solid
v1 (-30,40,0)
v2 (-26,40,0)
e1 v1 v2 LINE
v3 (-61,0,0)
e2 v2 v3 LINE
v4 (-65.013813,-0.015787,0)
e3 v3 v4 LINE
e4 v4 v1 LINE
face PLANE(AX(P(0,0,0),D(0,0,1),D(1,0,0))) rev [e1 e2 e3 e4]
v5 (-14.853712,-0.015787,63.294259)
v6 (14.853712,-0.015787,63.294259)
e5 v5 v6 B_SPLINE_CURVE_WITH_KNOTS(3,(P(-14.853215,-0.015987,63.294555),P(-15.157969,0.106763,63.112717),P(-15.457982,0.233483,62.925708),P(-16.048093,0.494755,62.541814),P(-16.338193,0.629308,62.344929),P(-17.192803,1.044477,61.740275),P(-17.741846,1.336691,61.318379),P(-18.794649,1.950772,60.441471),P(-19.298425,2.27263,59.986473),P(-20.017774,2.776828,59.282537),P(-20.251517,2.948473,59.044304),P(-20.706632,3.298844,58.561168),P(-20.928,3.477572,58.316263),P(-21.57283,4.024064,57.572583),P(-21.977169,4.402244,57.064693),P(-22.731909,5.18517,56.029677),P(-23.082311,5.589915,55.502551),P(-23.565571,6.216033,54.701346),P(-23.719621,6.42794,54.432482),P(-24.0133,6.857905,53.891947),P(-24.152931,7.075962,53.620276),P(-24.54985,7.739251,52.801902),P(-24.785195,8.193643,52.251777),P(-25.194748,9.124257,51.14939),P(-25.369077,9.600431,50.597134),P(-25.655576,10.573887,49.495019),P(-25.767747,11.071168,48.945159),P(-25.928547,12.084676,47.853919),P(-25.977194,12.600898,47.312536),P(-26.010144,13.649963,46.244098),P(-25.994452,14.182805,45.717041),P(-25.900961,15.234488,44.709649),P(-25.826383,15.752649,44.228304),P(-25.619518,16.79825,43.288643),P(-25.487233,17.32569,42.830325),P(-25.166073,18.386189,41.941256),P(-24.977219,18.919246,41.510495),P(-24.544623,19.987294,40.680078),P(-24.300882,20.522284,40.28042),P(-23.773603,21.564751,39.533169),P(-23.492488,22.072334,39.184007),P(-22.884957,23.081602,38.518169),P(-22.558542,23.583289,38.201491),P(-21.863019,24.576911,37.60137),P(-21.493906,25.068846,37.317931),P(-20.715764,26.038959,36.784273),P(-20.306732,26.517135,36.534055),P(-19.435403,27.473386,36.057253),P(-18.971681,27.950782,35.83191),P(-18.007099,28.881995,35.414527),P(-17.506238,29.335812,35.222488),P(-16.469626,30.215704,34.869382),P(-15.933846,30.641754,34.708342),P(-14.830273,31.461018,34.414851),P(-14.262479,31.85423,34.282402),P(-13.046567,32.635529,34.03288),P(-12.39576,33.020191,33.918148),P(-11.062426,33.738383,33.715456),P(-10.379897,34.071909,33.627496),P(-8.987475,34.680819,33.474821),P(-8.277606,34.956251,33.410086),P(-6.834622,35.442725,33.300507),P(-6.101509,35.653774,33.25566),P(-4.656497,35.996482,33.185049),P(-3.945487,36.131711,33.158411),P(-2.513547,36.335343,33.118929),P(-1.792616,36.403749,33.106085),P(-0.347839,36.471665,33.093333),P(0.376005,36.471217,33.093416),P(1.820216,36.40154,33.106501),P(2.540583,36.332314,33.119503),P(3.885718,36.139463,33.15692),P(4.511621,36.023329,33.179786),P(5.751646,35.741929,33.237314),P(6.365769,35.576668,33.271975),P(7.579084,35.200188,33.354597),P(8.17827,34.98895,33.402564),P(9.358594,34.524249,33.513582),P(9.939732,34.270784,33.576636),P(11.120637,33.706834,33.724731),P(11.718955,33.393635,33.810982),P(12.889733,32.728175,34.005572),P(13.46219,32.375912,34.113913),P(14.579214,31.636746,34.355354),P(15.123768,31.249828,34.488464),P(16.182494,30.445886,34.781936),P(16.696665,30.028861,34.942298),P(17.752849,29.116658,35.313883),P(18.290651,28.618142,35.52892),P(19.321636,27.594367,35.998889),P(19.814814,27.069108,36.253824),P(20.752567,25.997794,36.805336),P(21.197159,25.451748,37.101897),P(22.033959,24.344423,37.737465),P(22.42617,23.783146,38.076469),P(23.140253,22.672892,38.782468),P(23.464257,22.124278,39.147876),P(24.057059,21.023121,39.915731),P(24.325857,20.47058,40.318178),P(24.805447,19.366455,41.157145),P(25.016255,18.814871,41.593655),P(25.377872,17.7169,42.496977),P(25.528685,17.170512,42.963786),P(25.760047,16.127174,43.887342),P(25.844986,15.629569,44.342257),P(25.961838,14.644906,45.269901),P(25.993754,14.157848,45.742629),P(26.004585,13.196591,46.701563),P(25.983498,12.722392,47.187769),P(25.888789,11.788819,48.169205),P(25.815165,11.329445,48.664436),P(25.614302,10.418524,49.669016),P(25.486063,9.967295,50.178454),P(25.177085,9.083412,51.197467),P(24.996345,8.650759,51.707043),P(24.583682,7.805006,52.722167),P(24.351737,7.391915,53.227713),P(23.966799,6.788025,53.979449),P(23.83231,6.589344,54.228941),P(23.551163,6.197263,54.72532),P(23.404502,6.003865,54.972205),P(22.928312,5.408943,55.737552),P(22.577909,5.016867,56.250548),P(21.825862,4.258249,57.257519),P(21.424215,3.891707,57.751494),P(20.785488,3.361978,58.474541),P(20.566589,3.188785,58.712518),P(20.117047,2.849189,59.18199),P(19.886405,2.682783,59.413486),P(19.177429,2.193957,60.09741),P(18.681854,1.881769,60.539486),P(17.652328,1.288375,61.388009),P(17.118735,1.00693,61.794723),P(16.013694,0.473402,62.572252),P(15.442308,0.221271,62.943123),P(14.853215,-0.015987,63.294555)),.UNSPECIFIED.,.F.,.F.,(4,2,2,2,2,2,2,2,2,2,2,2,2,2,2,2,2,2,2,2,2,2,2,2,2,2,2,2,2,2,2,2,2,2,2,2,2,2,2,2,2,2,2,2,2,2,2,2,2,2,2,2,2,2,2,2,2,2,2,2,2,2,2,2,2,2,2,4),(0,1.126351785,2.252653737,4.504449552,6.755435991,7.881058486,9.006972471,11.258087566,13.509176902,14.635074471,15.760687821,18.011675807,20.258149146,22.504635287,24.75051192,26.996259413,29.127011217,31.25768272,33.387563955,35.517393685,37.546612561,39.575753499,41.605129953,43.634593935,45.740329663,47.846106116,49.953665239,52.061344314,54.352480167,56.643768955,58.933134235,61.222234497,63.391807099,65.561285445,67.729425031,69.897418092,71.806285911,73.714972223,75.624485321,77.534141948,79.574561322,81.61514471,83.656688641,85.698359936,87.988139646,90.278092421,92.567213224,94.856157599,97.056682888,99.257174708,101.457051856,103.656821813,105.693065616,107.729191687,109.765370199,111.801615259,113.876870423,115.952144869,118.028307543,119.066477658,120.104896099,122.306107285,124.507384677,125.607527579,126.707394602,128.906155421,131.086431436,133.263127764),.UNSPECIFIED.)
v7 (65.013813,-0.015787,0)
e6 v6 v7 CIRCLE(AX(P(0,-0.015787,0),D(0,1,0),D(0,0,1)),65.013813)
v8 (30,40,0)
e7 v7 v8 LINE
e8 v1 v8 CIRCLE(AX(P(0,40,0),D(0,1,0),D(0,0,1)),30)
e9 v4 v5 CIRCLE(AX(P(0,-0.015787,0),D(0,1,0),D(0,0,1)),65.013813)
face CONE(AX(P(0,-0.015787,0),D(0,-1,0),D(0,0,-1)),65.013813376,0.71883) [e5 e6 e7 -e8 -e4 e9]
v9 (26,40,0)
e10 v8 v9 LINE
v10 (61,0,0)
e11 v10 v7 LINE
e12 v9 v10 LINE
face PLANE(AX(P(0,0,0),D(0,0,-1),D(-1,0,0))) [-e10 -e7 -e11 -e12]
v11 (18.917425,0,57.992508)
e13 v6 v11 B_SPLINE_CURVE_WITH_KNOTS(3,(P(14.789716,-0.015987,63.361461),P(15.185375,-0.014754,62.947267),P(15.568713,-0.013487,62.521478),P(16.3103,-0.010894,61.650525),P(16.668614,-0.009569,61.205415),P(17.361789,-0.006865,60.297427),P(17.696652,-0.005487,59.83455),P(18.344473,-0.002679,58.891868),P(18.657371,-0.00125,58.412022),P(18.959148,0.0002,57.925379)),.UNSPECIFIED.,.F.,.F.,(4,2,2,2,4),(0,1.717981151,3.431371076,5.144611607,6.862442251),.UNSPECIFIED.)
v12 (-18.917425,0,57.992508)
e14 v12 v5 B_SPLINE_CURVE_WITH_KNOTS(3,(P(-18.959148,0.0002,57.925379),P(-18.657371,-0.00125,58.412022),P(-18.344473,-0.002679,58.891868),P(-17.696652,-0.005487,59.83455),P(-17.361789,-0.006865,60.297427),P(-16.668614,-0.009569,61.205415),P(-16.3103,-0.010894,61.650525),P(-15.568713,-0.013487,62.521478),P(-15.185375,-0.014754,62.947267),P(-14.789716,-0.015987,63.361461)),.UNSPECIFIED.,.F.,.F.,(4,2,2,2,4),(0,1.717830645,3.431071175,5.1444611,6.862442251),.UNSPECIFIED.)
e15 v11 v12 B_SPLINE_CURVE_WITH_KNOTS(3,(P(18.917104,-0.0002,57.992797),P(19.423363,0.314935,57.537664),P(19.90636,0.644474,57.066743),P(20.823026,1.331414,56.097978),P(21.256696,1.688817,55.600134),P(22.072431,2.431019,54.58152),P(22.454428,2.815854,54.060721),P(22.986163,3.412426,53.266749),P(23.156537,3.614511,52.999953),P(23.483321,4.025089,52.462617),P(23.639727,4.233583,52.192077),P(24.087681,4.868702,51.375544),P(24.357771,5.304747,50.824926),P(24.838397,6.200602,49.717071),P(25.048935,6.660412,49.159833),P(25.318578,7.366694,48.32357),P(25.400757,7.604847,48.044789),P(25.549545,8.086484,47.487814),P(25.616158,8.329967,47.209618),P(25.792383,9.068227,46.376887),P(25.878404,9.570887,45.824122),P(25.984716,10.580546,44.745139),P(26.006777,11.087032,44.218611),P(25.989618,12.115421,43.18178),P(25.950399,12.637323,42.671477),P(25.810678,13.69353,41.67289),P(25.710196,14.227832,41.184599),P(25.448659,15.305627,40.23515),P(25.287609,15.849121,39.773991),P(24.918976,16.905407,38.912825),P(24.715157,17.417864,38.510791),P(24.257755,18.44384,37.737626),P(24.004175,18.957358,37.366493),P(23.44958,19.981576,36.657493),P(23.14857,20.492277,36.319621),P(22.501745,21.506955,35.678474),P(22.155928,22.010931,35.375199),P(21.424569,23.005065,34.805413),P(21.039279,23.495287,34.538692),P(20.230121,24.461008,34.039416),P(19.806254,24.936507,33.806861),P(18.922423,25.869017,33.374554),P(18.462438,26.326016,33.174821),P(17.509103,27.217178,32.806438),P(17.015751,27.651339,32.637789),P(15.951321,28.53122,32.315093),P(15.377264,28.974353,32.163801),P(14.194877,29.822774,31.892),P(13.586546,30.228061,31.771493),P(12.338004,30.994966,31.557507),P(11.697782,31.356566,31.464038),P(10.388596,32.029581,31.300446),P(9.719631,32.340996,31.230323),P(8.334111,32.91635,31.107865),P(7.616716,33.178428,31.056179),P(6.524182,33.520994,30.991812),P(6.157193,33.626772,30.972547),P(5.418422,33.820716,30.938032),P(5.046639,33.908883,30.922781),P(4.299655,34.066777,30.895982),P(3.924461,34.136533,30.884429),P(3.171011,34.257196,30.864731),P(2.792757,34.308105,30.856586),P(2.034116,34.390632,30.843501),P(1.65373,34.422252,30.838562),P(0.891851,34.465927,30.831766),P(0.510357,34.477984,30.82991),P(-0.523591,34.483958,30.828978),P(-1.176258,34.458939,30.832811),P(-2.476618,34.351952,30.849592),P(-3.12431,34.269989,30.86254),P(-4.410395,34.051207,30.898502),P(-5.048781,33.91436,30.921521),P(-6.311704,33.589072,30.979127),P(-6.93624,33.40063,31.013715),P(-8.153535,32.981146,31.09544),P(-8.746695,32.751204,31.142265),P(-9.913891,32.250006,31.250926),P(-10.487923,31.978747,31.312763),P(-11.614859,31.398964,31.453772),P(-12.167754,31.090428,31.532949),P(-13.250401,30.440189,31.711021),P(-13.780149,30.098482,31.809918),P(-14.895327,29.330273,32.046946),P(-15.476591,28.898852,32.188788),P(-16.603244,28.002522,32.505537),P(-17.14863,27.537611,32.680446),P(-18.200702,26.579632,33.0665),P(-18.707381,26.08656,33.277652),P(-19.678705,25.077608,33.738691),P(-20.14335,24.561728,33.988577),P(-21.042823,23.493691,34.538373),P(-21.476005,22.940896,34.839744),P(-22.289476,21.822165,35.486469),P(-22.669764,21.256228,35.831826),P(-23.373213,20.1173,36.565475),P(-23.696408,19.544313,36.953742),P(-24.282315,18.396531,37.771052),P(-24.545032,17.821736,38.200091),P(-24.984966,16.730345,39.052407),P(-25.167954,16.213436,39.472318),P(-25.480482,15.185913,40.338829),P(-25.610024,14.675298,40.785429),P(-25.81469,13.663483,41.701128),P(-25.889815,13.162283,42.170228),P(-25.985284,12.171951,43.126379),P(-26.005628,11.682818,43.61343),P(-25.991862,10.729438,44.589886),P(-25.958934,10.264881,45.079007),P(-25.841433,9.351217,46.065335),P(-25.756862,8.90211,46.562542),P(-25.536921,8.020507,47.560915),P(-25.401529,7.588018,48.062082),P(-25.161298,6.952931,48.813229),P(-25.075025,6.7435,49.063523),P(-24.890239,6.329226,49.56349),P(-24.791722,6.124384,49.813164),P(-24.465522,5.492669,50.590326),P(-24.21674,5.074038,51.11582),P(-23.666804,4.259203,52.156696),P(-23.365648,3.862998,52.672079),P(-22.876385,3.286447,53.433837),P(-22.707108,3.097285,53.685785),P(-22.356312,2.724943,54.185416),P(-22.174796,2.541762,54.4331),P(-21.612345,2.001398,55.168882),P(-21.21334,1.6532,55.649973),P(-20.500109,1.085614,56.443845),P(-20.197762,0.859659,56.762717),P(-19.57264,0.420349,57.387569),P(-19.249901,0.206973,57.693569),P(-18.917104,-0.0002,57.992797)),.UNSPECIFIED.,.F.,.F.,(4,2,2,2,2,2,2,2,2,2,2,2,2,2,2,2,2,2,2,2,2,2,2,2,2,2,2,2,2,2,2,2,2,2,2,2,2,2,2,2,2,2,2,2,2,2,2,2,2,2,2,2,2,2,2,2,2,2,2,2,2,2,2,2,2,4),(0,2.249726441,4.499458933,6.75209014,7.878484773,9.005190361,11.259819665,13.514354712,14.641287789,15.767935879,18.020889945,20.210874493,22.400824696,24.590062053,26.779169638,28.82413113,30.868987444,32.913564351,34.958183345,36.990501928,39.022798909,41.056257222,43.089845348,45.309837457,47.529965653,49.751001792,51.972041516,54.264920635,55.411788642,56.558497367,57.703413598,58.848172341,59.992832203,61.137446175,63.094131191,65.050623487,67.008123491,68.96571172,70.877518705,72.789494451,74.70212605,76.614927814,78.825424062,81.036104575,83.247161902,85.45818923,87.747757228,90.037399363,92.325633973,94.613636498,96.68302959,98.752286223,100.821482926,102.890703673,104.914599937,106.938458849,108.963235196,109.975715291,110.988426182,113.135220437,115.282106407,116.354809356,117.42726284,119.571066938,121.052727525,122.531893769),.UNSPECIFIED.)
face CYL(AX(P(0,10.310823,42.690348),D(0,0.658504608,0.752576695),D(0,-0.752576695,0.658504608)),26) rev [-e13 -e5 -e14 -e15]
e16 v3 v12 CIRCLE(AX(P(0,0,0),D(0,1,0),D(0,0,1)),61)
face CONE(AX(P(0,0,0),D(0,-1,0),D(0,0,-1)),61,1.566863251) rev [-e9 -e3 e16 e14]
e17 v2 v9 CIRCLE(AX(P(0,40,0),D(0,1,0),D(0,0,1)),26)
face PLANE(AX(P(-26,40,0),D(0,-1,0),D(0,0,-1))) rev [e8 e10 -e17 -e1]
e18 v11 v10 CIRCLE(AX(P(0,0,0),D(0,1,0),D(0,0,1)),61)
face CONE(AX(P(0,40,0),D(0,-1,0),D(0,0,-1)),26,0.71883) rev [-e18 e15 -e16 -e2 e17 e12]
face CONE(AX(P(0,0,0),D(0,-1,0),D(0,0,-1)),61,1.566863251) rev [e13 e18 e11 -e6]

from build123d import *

# Parameters (mm, degrees)
REVOLVE1_ANGLE     = 180
SKETCH3_R          = 26
CUT_EXTRUDE1_DEPTH = 10


with BuildPart() as part:
    # Sketch1 → Revolve1 (revolve)
    with BuildSketch(Plane.XY):
        Polygon((26, 40), (61, 0), (65.013813376, -0.015786716), (30, 40), align=None)
    revolve(axis=Axis((0, 40, 0), (0, -1, 0)), revolution_arc=REVOLVE1_ANGLE)

    # Sketch3 → Cut-Extrude1 (cut)
    with BuildSketch(Plane(origin=(0, 32.212389381, 36.814159292), x_dir=(1, 0, 0), z_dir=(0, 0.6585046078685183, 0.7525766947068778))):
        with Locations((0, -20.352106134)):
            Circle(SKETCH3_R)
    extrude(amount=-CUT_EXTRUDE1_DEPTH, mode=Mode.SUBTRACT)


solid = part.part
